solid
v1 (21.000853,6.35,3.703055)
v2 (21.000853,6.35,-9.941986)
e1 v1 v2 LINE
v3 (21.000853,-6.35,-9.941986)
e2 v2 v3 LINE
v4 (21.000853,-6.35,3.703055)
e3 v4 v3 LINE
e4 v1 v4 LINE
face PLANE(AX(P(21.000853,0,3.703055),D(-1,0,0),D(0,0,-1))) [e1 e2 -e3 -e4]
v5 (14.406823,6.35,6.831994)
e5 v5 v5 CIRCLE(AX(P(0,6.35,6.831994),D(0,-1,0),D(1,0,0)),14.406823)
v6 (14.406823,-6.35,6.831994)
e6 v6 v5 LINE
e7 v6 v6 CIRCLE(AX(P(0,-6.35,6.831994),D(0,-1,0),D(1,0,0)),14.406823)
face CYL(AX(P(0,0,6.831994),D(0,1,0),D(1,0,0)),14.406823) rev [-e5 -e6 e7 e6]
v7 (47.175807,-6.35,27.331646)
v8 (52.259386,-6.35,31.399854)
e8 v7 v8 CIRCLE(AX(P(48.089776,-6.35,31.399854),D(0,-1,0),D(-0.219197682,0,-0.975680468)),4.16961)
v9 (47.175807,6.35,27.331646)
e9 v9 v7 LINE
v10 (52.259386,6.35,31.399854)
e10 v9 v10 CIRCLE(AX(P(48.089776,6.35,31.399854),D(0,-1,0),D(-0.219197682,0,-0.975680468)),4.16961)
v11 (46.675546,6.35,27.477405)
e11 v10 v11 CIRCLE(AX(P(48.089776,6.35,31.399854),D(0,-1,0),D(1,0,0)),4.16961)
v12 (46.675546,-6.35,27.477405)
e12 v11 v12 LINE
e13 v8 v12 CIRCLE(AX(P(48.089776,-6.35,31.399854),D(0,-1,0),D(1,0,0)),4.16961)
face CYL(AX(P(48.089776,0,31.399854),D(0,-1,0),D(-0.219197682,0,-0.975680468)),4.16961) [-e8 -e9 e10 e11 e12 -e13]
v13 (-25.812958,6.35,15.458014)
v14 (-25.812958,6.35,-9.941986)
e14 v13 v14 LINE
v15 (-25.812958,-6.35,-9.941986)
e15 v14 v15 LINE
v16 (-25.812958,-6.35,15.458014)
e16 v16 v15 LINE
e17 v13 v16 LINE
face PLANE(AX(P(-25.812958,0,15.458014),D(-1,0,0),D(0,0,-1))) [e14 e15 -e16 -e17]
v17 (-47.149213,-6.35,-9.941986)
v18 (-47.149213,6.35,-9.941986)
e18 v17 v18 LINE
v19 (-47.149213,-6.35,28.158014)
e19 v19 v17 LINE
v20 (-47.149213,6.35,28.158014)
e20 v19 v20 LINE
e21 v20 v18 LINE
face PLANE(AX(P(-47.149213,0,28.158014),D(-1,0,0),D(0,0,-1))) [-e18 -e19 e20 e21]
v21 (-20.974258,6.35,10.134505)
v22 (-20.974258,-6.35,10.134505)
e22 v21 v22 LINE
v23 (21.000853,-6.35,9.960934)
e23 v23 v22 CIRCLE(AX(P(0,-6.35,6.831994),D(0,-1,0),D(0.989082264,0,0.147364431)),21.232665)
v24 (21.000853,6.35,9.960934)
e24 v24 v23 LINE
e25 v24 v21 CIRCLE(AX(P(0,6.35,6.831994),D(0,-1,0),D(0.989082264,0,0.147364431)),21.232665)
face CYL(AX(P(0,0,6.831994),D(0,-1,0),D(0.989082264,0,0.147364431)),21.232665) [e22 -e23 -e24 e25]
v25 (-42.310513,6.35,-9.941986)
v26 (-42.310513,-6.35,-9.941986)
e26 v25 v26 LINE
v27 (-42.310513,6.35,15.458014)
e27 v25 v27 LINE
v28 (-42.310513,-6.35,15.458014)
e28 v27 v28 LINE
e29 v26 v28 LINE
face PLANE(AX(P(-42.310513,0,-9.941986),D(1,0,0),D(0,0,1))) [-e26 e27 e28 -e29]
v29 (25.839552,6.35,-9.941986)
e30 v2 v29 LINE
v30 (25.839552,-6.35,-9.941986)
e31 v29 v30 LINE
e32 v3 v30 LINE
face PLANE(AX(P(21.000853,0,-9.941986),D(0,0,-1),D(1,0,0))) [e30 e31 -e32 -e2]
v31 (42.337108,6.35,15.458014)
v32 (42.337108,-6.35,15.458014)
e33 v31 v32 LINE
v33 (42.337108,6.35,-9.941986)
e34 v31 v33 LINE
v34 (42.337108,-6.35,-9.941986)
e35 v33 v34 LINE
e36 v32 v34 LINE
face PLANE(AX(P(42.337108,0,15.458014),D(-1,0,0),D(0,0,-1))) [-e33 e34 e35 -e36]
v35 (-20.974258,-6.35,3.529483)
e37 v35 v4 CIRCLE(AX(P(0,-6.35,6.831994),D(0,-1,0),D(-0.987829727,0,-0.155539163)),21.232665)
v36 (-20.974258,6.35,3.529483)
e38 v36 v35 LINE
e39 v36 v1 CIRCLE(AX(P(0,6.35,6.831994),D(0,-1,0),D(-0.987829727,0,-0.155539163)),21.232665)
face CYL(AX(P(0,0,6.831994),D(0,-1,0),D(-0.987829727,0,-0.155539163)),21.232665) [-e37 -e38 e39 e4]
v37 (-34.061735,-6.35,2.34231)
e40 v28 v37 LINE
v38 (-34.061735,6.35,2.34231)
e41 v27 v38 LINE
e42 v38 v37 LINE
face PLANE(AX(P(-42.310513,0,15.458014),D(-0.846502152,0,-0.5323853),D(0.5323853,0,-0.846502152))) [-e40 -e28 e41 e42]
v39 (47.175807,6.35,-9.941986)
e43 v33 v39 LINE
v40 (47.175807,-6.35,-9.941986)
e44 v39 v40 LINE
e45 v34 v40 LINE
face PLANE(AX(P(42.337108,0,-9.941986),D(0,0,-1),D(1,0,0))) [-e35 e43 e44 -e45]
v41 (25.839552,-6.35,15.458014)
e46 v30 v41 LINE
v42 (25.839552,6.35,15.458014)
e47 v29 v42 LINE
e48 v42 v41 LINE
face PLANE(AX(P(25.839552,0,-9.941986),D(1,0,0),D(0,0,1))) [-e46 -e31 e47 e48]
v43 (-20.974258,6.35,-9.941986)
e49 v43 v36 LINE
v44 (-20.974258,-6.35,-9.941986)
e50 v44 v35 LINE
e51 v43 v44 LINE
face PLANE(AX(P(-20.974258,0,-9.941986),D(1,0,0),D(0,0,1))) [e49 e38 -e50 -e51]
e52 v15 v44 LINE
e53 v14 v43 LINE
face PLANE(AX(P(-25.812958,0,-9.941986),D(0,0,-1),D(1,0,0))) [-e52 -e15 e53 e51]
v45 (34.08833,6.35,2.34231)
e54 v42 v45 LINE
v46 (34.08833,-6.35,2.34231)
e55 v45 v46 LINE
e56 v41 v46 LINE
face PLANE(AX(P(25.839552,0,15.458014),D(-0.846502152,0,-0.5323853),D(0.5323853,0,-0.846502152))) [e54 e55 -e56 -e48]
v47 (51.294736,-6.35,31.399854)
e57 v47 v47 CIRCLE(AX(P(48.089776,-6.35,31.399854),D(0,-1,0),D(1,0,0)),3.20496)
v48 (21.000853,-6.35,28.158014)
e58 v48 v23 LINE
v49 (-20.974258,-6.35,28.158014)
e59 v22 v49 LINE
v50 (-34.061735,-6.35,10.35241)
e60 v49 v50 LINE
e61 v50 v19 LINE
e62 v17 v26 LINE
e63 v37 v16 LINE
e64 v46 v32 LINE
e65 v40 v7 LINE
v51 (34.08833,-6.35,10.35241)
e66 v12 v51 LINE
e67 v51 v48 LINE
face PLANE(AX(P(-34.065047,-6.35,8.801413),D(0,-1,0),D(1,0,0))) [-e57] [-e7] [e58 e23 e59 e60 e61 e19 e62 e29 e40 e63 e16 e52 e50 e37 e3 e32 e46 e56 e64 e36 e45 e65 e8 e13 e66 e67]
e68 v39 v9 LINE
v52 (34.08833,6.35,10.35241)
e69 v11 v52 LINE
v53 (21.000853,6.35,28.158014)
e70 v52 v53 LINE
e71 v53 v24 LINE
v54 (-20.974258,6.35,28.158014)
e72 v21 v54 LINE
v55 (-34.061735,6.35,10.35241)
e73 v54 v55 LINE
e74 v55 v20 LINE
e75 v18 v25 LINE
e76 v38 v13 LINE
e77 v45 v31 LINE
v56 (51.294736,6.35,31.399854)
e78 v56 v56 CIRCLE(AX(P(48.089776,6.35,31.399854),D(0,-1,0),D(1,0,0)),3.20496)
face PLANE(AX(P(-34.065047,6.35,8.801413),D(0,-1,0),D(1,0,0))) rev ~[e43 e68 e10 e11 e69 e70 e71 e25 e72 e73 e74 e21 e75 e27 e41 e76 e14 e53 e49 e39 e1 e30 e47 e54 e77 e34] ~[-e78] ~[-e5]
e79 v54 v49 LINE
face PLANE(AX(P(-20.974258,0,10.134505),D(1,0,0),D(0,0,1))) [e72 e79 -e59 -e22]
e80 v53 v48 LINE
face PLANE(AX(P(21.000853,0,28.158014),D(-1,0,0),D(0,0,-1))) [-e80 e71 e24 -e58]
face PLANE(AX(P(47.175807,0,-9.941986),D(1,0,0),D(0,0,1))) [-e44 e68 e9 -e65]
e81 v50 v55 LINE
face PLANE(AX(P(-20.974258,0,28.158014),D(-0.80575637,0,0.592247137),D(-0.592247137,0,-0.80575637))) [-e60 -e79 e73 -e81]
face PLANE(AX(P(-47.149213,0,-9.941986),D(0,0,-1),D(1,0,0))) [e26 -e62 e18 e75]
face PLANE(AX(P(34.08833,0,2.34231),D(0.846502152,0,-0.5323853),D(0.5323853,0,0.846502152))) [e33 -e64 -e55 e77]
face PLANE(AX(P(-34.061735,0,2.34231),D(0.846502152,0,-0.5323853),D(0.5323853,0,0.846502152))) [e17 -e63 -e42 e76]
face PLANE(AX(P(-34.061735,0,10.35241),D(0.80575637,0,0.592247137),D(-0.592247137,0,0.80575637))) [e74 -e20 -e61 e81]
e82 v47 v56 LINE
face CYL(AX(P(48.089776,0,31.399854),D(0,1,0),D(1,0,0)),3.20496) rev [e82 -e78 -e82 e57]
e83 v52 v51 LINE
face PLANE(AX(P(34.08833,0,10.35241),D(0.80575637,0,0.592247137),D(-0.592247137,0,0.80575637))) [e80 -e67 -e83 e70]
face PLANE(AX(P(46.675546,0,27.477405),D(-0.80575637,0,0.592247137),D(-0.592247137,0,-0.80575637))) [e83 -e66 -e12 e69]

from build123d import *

# Parameters (mm, degrees)
F0_R     = 14.4068230009
F0_R_2   = 3.2049597944
F1_DEPTH = 6.35


with BuildPart() as f1:
    # F0 (on Front) → F1 (new body, symmetric)
    with BuildSketch(Plane.XZ):
        with BuildLine():
            Line((-47.1492125925, -9.9419855554), (-42.3105131817, -9.9419855554))
            Line((-42.3105131817, -9.9419855554), (-42.3105131817, 15.4580144446))
            Line((-42.3105131817, 15.4580144446), (-34.0617353508, 2.3423101061))
            Line((-34.0617353508, 2.3423101061), (-25.8129575198, 15.4580144446))
            Line((-25.8129575198, 15.4580144446), (-25.8129575198, -9.9419855554))
            Line((-25.8129575198, -9.9419855554), (-20.974258109, -9.9419855554))
            Line((-20.974258109, -9.9419855554), (-20.974258109, 3.529483276))
            ThreePointArc((-20.974258109, 3.529483276), (-21.2326654511, 6.8319942802), (-20.974258109, 10.1345052844))
            Line((-20.974258109, 10.1345052844), (-20.974258109, 28.1580144446))
            Line((-20.974258109, 28.1580144446), (-34.0617353508, 10.3524101739))
            Line((-34.0617353508, 10.3524101739), (-47.1492125925, 28.1580144446))
            Line((-47.1492125925, 28.1580144446), (-47.1492125925, -9.9419855554))
        make_face()
        with BuildLine():
            ThreePointArc((21.0008528084, 9.9609339535), (0.0877984695, 28.0644782043), (-20.974258109, 10.1345052844))
            Line((-20.974258109, 10.1345052844), (-20.974258109, 3.529483276))
            ThreePointArc((-20.974258109, 3.529483276), (0.0877984695, -14.4004896439), (21.0008528084, 3.703054607))
            Line((21.0008528084, 3.703054607), (21.0008528084, 9.9609339535))
        make_face()
        with Locations((0, 6.8319942802)):
            Circle(F0_R, mode=Mode.SUBTRACT)
        with BuildLine():
            Line((-20.974258109, 3.529483276), (-20.974258109, 10.1345052844))
            ThreePointArc((-20.974258109, 10.1345052844), (-21.2326654511, 6.8319942802), (-20.974258109, 3.529483276))
        make_face()
        with BuildLine():
            Line((21.0008528084, 28.1580144446), (21.0008528084, 9.9609339535))
            ThreePointArc((21.0008528084, 9.9609339535), (21.1746329841, 8.4007517966), (21.2326654511, 6.8319942802))
            ThreePointArc((21.2326654511, 6.8319942802), (21.1746329841, 5.2632367639), (21.0008528084, 3.703054607))
            Line((21.0008528084, 3.703054607), (21.0008528084, -9.9419855554))
            Line((21.0008528084, -9.9419855554), (25.8395522192, -9.9419855554))
            Line((25.8395522192, -9.9419855554), (25.8395522192, 15.4580144446))
            Line((25.8395522192, 15.4580144446), (34.0883300501, 2.3423101061))
            Line((34.0883300501, 2.3423101061), (42.3371078811, 15.4580144446))
            Line((42.3371078811, 15.4580144446), (42.3371078811, -9.9419855554))
            Line((42.3371078811, -9.9419855554), (47.1758072919, -9.9419855554))
            Line((47.1758072919, -9.9419855554), (47.1758072919, 27.3316462631))
            ThreePointArc((47.1758072919, 27.3316462631), (46.923397405, 27.3967035148), (46.6755457316, 27.477405095))
            Line((46.6755457316, 27.477405095), (34.0883300501, 10.3524101739))
            Line((34.0883300501, 10.3524101739), (21.0008528084, 28.1580144446))
        make_face()
        with BuildLine():
            ThreePointArc((21.2326654511, 6.8319942802), (21.1746329841, 8.4007517966), (21.0008528084, 9.9609339535))
            Line((21.0008528084, 9.9609339535), (21.0008528084, 3.703054607))
            ThreePointArc((21.0008528084, 3.703054607), (21.1746329841, 5.2632367639), (21.2326654511, 6.8319942802))
        make_face()
        with BuildLine():
            ThreePointArc((52.2593864205, 31.3998535275), (45.6930221637, 34.8117766856), (46.6755457316, 27.477405095))
            Line((46.6755457316, 27.477405095), (47.1758072919, 28.1580144446))
            Line((47.1758072919, 28.1580144446), (47.1758072919, 27.3316462631))
            ThreePointArc((47.1758072919, 27.3316462631), (50.6950358132, 28.144354829), (52.2593864205, 31.3998535275))
        make_face()
        with Locations((48.0897761881, 31.3998535275)):
            Circle(F0_R_2, mode=Mode.SUBTRACT)
        with BuildLine():
            Line((47.1758072919, 28.1580144446), (46.6755457316, 27.477405095))
            ThreePointArc((46.6755457316, 27.477405095), (46.923397405, 27.3967035148), (47.1758072919, 27.3316462631))
            Line((47.1758072919, 27.3316462631), (47.1758072919, 28.1580144446))
        make_face()
    extrude(amount=F1_DEPTH, both=True)


solid = f1.part
